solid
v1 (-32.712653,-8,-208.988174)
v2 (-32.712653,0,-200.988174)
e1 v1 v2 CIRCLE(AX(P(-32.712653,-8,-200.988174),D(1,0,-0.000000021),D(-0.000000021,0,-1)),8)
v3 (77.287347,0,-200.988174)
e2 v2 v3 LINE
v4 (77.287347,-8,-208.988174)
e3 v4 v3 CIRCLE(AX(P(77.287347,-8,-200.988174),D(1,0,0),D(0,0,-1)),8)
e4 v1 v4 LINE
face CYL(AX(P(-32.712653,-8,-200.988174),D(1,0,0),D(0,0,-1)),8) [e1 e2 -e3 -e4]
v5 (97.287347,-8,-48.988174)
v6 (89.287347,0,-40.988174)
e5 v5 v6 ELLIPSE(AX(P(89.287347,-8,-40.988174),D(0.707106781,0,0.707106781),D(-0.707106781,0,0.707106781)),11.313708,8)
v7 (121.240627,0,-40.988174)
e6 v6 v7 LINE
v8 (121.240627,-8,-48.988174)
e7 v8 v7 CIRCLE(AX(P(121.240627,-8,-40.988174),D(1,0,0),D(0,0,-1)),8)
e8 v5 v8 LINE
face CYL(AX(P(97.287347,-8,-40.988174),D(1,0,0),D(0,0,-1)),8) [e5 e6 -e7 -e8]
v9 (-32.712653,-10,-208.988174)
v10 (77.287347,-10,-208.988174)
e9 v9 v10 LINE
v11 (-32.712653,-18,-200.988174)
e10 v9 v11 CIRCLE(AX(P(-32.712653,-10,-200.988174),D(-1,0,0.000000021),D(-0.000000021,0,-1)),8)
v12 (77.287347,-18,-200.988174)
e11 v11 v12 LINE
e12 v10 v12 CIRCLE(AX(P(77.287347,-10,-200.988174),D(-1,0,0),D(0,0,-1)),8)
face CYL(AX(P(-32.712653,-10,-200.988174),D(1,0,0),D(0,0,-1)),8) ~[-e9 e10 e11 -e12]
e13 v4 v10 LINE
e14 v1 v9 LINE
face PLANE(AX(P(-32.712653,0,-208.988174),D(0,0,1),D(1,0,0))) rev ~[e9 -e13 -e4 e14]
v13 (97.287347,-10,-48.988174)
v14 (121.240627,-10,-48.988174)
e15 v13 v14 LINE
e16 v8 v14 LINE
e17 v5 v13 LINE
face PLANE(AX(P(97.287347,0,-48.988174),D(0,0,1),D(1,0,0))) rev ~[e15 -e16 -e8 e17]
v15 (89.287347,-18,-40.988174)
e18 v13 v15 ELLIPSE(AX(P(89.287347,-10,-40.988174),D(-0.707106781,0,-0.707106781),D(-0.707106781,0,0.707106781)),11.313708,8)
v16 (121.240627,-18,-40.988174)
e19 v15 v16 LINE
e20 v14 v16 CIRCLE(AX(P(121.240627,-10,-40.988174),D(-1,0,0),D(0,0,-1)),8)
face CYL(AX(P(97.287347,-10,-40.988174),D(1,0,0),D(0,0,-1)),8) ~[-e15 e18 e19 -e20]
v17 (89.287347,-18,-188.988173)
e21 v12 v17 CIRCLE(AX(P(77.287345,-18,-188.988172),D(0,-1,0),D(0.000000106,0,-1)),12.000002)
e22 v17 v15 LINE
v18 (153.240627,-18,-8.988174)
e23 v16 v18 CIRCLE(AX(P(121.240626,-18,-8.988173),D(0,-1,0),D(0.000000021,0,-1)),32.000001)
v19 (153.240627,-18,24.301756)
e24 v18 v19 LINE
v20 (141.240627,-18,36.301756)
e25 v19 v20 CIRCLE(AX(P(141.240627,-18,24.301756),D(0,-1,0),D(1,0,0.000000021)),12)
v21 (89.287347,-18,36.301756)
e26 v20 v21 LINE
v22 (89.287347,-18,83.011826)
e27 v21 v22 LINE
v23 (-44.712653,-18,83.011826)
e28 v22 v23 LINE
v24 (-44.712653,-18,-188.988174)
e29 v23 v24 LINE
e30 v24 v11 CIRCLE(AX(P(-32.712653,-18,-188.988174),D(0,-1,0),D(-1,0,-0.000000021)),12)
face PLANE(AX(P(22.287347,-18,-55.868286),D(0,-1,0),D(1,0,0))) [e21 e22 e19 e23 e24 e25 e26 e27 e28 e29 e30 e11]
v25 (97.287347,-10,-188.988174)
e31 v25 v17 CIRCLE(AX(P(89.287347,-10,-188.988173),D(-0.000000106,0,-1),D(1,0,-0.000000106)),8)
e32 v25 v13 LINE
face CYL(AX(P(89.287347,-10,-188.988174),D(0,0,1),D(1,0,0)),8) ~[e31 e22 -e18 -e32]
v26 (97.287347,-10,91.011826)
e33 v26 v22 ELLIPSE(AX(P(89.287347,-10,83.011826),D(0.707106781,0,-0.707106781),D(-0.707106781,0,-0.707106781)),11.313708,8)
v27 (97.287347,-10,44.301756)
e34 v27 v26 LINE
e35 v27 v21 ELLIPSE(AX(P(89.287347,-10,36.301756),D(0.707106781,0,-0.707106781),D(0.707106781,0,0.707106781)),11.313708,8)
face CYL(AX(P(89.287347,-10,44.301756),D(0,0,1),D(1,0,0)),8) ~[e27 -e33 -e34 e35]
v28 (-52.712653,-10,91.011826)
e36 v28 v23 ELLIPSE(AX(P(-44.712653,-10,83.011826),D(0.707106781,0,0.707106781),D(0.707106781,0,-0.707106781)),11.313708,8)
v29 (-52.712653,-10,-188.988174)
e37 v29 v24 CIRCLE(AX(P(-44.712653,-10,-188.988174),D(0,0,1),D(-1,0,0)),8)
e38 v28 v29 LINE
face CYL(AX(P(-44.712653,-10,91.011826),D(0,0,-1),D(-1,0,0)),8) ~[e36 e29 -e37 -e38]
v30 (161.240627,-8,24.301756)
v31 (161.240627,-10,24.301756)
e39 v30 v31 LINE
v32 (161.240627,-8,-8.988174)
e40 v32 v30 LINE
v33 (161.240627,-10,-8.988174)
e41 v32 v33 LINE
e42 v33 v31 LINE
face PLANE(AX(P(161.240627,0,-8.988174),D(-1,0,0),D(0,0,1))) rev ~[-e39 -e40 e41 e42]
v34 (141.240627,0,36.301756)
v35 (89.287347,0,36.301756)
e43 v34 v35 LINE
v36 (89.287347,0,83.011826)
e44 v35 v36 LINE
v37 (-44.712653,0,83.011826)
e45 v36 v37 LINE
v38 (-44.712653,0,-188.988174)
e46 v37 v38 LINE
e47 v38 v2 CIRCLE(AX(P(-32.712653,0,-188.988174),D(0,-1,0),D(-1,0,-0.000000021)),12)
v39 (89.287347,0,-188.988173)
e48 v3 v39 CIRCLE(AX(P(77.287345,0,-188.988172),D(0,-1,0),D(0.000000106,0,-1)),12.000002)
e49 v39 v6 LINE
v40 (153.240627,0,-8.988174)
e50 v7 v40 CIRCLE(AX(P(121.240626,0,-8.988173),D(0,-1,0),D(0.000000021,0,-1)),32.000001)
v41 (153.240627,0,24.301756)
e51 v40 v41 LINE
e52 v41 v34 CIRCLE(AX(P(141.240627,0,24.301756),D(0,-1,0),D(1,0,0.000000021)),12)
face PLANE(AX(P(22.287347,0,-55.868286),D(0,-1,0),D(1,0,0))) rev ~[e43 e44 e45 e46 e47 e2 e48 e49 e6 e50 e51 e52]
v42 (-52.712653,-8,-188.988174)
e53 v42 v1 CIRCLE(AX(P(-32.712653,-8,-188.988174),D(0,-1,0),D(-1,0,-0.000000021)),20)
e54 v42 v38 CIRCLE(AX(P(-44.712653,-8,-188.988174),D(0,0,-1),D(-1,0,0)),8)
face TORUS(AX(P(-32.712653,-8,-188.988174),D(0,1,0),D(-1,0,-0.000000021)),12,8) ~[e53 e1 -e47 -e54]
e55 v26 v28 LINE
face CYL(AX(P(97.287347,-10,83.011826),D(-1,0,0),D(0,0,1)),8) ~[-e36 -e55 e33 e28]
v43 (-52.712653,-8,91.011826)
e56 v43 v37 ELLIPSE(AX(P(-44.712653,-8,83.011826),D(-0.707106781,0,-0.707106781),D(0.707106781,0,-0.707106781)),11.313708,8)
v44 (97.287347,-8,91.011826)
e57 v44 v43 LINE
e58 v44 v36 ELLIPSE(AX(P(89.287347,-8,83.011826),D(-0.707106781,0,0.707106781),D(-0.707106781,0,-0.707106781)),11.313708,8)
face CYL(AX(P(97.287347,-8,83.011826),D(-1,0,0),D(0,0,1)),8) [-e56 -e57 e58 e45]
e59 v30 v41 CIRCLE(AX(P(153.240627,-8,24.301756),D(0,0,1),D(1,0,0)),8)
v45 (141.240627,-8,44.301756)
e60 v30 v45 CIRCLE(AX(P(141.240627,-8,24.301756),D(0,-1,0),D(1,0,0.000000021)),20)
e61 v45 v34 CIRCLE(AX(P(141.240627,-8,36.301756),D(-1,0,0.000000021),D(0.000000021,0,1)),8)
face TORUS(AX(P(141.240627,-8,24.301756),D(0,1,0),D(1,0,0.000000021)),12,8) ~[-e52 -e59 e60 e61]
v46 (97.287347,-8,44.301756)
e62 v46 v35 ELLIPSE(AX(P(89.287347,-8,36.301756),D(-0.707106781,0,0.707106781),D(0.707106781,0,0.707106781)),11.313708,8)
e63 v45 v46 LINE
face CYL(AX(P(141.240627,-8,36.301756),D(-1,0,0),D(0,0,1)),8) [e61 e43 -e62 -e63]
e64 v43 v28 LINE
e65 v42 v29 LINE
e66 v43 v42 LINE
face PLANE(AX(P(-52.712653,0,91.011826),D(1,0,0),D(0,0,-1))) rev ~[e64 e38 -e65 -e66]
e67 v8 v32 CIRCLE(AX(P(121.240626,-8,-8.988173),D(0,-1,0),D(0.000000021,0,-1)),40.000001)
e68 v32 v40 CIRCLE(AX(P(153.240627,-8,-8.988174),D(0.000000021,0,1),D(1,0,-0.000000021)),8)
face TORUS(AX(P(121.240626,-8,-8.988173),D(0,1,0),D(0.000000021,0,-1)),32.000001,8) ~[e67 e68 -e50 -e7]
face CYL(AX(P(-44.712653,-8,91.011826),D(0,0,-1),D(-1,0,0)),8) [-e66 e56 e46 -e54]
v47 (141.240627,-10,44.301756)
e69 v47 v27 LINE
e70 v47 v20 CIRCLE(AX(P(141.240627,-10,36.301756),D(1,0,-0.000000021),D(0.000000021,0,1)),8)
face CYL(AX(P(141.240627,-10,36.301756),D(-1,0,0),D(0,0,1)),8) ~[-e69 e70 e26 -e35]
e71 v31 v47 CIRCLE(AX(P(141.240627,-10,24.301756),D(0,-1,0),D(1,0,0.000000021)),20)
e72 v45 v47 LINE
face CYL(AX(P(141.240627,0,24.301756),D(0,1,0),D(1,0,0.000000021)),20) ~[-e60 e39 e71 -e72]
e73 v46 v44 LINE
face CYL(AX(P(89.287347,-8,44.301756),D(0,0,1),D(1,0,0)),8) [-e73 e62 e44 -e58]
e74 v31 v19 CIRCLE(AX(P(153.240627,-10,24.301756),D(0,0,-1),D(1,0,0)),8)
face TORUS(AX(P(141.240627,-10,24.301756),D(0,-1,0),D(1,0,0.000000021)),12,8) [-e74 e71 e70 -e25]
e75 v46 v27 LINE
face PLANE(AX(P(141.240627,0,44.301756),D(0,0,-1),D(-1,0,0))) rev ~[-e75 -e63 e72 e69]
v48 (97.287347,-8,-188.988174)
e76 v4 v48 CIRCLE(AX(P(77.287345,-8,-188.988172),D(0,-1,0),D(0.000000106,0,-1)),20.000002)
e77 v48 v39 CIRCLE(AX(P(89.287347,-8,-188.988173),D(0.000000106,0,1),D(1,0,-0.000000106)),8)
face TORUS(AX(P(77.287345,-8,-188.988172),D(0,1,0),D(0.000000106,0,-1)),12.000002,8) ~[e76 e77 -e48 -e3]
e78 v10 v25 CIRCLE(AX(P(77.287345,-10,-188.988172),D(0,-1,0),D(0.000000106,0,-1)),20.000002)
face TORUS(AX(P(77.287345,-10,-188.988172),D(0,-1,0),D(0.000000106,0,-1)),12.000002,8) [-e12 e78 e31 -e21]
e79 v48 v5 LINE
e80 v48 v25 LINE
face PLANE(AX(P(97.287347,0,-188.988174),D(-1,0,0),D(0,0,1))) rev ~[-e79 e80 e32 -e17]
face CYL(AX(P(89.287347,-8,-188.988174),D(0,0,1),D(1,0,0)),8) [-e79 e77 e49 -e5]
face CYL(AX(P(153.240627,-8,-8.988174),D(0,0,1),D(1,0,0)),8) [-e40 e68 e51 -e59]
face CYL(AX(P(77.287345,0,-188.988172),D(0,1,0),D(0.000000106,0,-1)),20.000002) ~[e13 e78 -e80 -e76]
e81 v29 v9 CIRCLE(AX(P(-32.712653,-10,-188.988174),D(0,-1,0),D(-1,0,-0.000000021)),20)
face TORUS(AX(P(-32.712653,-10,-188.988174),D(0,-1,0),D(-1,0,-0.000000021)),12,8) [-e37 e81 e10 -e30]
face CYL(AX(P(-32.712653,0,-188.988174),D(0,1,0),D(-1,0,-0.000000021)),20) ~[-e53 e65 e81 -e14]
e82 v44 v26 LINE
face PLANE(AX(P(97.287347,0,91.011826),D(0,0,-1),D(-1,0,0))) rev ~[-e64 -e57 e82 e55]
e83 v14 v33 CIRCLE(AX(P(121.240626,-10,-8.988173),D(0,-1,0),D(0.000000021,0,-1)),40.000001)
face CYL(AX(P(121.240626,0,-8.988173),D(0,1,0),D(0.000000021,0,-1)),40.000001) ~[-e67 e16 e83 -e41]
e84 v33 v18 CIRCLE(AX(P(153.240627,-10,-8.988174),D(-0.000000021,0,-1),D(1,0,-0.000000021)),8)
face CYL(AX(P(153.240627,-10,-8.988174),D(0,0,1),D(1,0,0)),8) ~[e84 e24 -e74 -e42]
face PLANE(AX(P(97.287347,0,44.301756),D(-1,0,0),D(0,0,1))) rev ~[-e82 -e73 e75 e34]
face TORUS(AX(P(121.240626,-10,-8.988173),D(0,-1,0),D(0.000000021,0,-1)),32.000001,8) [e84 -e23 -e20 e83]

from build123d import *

# Parameters (mm, degrees)
F1_DEPTH = 18
F2_R     = 8


with BuildPart() as f1:
    # F0 (on Front) → F1 (new body)
    with BuildSketch(Plane.XZ):
        with BuildLine():
            ThreePointArc((-57.712653, -188.988174), (-51.854789, -203.130309), (-37.712653, -208.988174))
            Line((-37.712653, -208.988174), (72.287347, -208.988174))
            ThreePointArc((72.287347, -208.988174), (86.429482, -203.130309), (92.287347, -188.988174))
            Line((92.287347, -188.988174), (92.287347, -48.988174))
            Line((92.287347, -48.988174), (92.287347, 44.301756))
            Line((92.287347, 44.301756), (92.287347, 91.011826))
            Line((92.287347, 91.011826), (-57.712653, 91.011826))
            Line((-57.712653, 91.011826), (-57.712653, -188.988174))
        make_face()
        with BuildLine():
            Line((92.287347, 44.301756), (92.287347, -48.988174))
            Line((92.287347, -48.988174), (116.240627, -48.988174))
            ThreePointArc((116.240627, -48.988174), (144.524898, -37.272445), (156.240627, -8.988174))
            Line((156.240627, -8.988174), (156.240627, 24.301756))
            ThreePointArc((156.240627, 24.301756), (150.382763, 38.443891), (136.240627, 44.301756))
            Line((136.240627, 44.301756), (92.287347, 44.301756))
        make_face()
    extrude(amount=F1_DEPTH)

    # F2
    f2_edges = [f1.edges().sort_by_distance(p)[0] for p in [
        (-57.712653, -18, -48.988174),
        (-57.712653, 0, -48.988174),
        (17.287347, -18, 91.011826),
        (17.287347, 0, 91.011826),
        (92.287347, -18, 67.656791),
        (92.287347, 0, 67.656791),
        (114.263987, 0, 44.301756),
        (114.263987, -18, 44.301756),
        (150.382763, 0, 38.443891),
    ]]
    fillet(f2_edges, radius=F2_R)


with BuildPart() as f1_1:
    # F3: moved
    add(f1.part.moved(Location((5, 0, 0))))


solid = f1_1.part
